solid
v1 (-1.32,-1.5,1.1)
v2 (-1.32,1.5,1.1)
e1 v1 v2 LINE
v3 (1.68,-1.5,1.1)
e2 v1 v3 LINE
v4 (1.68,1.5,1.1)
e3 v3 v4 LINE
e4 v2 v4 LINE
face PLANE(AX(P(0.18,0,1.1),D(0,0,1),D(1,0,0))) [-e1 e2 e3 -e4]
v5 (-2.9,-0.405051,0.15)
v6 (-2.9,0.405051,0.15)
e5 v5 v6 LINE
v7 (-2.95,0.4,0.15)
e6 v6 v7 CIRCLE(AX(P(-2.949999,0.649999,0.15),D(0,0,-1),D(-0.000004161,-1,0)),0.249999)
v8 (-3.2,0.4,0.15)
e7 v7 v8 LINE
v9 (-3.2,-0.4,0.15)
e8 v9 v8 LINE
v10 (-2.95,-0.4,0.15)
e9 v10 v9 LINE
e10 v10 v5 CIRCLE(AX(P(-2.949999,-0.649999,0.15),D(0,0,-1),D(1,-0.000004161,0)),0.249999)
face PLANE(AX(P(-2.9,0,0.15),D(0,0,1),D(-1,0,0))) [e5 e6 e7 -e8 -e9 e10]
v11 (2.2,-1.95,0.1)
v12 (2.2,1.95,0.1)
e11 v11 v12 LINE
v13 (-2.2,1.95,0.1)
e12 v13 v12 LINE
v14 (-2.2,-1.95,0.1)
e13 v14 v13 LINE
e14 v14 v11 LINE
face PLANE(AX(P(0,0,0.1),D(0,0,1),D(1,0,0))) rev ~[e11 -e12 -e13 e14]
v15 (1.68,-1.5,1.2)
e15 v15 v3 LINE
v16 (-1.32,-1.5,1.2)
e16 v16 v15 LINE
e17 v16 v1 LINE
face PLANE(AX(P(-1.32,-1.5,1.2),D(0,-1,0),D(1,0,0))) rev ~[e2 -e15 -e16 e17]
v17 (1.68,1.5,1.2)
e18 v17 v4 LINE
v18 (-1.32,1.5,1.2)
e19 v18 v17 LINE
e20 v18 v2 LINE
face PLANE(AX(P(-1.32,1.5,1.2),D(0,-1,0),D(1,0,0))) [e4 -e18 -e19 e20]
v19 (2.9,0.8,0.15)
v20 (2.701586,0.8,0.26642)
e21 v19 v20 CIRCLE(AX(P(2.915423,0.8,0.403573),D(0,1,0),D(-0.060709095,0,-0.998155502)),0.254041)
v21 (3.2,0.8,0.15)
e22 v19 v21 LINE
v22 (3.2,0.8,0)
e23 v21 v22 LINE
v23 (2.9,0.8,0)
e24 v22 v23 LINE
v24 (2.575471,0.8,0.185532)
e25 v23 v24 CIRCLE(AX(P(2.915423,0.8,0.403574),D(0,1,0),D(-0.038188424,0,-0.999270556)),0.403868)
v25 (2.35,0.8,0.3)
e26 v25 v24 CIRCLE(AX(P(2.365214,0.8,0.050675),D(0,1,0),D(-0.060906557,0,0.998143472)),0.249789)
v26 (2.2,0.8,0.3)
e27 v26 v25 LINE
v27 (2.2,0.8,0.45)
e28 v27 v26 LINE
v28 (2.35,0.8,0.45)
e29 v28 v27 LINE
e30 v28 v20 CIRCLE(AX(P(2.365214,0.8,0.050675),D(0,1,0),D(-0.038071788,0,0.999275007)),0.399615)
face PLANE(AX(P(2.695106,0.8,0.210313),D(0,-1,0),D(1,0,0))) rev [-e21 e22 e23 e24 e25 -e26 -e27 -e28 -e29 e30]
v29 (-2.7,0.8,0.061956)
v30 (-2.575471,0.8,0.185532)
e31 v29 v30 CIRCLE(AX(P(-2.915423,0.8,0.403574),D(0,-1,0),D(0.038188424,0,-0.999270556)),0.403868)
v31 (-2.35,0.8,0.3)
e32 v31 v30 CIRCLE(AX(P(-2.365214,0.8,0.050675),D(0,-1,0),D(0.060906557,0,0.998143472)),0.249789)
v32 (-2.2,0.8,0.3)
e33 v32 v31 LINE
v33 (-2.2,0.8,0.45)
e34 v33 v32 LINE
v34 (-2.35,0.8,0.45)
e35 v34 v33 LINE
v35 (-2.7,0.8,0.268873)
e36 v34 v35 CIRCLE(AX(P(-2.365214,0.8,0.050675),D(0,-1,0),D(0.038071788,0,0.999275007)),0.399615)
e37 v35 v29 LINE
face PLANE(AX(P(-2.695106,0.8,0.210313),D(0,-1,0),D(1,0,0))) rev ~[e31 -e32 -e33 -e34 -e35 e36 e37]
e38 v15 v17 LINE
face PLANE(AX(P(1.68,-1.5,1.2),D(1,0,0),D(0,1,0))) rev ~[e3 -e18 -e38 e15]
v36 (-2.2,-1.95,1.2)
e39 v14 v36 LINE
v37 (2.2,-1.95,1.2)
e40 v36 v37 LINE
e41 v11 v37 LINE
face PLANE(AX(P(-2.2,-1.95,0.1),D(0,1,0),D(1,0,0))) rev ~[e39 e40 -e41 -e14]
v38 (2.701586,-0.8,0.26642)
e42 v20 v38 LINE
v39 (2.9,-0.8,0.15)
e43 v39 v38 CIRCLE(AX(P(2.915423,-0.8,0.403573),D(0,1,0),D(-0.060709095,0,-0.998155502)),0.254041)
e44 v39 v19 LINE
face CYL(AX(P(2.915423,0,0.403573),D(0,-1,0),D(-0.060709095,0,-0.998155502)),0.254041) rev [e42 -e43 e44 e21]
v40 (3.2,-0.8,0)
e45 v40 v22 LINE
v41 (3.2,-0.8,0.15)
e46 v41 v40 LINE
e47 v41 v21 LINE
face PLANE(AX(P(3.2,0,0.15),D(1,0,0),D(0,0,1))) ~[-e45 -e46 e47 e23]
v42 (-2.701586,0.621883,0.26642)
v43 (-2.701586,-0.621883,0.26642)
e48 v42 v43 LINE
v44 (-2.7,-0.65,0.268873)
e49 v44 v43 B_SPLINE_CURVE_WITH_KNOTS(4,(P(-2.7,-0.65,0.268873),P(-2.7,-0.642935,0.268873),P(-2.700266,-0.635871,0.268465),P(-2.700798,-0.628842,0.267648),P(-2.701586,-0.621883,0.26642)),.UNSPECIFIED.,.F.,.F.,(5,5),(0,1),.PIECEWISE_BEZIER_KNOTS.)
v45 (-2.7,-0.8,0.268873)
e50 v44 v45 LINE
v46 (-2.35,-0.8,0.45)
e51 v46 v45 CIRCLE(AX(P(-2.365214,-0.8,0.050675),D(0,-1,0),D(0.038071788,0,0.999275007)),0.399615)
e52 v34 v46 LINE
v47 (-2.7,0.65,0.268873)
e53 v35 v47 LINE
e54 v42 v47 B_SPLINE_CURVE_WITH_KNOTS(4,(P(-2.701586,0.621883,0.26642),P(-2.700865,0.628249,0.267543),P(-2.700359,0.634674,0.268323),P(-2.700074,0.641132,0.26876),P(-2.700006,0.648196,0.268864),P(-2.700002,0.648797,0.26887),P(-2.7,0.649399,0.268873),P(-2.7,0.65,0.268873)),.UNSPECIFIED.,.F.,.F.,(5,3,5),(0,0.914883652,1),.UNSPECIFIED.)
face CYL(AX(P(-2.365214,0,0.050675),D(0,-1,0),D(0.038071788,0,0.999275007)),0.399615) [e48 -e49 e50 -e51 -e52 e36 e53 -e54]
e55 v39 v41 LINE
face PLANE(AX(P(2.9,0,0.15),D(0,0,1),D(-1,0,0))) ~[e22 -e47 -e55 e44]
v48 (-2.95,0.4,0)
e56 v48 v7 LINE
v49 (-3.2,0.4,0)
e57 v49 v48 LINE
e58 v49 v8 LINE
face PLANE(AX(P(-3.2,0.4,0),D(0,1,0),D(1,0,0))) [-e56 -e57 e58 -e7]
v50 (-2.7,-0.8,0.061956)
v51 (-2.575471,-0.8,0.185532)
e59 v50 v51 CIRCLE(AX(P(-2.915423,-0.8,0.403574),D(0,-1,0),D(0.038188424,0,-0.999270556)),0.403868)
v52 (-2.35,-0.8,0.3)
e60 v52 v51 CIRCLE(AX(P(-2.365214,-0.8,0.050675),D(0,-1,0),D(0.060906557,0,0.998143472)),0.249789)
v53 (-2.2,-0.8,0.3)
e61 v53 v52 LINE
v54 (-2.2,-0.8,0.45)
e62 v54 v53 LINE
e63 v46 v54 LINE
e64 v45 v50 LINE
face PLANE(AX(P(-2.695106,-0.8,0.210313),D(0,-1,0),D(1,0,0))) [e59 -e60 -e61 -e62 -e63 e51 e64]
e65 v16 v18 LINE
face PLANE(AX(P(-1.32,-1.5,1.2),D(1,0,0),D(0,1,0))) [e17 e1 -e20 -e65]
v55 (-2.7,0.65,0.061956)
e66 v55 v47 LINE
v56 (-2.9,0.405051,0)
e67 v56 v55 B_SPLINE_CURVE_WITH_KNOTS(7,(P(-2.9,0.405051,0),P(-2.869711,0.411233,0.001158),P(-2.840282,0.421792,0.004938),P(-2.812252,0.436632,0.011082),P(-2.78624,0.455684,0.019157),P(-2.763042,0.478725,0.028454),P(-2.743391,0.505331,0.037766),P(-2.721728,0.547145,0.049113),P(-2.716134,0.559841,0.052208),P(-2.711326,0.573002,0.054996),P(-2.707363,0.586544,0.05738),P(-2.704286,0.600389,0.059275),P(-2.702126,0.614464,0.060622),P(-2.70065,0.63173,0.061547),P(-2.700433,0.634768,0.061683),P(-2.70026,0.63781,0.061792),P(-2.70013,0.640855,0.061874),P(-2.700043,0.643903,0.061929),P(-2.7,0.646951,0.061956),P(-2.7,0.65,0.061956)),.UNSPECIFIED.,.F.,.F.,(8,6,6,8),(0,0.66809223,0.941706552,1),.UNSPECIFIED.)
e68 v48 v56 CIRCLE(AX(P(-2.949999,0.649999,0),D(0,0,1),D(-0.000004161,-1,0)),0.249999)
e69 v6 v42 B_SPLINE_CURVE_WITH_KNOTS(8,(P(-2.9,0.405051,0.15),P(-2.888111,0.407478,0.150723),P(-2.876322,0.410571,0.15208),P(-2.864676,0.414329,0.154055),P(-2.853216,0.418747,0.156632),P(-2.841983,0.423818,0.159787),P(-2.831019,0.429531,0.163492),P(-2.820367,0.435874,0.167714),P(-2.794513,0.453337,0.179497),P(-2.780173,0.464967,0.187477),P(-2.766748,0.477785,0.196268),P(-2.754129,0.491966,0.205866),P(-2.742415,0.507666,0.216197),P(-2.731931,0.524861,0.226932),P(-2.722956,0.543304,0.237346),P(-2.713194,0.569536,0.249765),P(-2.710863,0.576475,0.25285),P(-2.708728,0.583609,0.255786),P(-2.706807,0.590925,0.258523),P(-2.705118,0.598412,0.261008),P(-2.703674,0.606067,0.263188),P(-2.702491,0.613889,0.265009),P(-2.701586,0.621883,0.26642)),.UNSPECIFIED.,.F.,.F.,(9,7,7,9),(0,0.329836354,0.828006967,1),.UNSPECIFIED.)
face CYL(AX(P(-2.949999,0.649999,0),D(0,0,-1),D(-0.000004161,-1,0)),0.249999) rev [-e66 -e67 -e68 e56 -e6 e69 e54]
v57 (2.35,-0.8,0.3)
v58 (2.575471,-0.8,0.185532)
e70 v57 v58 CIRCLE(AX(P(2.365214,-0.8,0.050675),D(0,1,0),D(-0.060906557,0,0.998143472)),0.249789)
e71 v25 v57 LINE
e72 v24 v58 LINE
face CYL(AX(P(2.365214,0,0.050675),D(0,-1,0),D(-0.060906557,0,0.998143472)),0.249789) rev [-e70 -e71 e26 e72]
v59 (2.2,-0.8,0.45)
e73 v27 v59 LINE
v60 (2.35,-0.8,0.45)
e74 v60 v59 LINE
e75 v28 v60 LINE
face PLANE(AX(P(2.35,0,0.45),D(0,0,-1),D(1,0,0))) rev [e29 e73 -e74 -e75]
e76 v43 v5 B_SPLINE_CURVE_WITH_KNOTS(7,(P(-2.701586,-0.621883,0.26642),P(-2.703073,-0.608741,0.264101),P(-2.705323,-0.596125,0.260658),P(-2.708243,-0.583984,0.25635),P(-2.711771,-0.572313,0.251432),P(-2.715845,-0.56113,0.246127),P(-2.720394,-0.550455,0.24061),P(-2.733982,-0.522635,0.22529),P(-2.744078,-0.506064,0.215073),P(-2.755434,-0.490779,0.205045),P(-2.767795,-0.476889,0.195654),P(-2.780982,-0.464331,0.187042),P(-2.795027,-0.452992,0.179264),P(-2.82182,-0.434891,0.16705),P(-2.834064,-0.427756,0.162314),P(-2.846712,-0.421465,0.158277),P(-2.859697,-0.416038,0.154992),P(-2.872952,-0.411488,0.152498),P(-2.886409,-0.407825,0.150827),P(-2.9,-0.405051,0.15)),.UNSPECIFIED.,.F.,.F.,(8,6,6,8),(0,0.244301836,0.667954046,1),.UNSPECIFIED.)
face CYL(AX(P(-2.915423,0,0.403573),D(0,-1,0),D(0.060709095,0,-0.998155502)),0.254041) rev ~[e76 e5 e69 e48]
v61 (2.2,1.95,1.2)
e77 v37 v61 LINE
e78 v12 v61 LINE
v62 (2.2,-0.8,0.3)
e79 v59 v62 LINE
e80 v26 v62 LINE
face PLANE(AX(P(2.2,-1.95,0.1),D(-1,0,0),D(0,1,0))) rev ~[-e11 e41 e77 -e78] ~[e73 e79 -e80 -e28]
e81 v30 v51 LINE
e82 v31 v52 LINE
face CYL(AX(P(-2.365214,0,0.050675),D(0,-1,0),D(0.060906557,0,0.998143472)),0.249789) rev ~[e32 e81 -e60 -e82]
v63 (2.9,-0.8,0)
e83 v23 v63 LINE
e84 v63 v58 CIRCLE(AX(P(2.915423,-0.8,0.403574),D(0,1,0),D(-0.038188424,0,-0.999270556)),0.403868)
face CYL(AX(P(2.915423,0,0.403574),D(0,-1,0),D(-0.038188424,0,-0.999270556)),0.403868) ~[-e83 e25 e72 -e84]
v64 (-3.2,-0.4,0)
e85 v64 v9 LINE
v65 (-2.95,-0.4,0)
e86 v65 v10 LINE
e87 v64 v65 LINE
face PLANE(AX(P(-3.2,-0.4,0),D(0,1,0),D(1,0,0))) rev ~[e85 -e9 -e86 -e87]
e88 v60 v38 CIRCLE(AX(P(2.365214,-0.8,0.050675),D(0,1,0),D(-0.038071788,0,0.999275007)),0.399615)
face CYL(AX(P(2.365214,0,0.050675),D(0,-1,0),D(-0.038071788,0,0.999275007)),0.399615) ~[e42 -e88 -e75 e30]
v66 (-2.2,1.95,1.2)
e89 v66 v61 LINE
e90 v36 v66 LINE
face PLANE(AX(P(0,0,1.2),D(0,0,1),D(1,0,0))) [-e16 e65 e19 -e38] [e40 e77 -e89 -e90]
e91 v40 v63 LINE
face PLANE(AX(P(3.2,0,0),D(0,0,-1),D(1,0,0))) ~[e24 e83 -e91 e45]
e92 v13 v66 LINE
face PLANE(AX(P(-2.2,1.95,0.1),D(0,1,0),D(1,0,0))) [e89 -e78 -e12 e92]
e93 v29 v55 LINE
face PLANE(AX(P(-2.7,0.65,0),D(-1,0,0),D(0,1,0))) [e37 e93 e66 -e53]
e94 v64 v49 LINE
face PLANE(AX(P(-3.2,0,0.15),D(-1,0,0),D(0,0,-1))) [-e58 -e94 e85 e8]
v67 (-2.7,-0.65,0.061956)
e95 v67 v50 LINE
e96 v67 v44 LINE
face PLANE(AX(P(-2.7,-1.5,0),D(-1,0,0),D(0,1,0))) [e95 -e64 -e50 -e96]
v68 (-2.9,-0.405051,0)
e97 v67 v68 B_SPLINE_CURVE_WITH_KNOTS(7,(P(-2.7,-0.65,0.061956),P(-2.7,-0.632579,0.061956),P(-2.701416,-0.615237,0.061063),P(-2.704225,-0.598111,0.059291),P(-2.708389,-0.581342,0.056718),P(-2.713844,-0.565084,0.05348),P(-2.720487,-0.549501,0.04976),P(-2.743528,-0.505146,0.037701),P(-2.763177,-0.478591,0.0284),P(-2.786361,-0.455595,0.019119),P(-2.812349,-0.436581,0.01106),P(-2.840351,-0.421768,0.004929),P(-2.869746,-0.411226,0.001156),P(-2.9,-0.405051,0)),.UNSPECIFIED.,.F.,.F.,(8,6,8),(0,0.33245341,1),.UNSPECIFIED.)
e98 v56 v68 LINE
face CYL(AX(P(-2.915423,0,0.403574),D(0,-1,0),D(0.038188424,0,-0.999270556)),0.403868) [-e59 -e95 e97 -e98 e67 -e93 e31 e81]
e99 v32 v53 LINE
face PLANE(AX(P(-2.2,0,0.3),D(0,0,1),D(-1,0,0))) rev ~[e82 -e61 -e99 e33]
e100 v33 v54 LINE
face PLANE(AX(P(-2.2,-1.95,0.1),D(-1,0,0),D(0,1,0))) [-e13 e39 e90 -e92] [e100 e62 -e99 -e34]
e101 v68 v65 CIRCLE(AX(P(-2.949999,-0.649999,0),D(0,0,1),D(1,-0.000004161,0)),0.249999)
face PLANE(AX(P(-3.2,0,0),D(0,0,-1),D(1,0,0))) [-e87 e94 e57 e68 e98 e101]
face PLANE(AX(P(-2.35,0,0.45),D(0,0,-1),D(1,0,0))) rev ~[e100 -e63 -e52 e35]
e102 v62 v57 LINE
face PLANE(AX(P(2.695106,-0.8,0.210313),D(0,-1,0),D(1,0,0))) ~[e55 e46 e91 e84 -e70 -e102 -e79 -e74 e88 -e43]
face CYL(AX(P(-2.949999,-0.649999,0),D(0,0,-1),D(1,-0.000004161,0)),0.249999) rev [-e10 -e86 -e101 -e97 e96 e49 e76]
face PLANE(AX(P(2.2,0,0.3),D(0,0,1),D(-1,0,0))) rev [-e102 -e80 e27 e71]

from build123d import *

# Parameters (mm, degrees)
PAD_START       = 0.1
SKETCH_W        = 4.4
SKETCH_H        = 3.9
PAD_DEPTH       = 1.1
PAD001_DEPTH    = 0.8
POCKET_DEPTH    = 1.201
SKETCH003_W     = 3
SKETCH003_H     = 3
POCKET001_DEPTH = 0.1


with BuildPart() as part:
    # Sketch → Pad (new body)
    with BuildSketch(Plane.XY.offset(PAD_START)):
        Rectangle(SKETCH_W, SKETCH_H)
    extrude(amount=PAD_DEPTH)

    # Sketch001 → Pad001 (join, symmetric)
    with BuildSketch(Plane.XZ):
        with BuildLine():
            Line((-3.2, 0), (-2.9, 0))
            ThreePointArc((-2.9, 0), (-2.714978, 0.052958), (-2.575471, 0.185532))
            ThreePointArc((-2.35, 0.3), (-2.47829, 0.273404), (-2.575471, 0.185532))
            Line((-2.2, 0.3), (-2.35, 0.3))
            Line((-2.2, 0.45), (-2.2, 0.3))
            Line((-2.35, 0.45), (-2.2, 0.45))
            ThreePointArc((-2.35, 0.45), (-2.550176, 0.404908), (-2.701586, 0.26642))
            ThreePointArc((-2.9, 0.15), (-2.78686, 0.184464), (-2.701586, 0.26642))
            Line((-2.9, 0.15), (-3.2, 0.15))
            Line((-3.2, 0.15), (-3.2, 0))
        make_face()
    pad001 = extrude(amount=PAD001_DEPTH, both=True)

    # Mirrored: Pad001 across Sketch001 V_Axis
    add(pad001.mirror(Plane(origin=(0, 0, 0), x_dir=(0, -1, 0), z_dir=(1, 0, 0))))

    # Sketch002 → Pocket (cut, through all)
    with BuildSketch(Plane.XY):
        with BuildLine():
            Line((-5.2, 1.5), (-3.2, 1.5))
            Line((-3.2, 1.5), (-2.7, 1.5))
            Line((-2.7, 0.65), (-2.7, 1.5))
            ThreePointArc((-2.95, 0.4), (-2.773223, 0.473223), (-2.7, 0.65))
            Line((-3.2, 0.4), (-2.95, 0.4))
            Line((-3.2, -0.4), (-3.2, 0.4))
            Line((-3.2, -0.4), (-2.95, -0.4))
            ThreePointArc((-2.7, -0.65), (-2.773223, -0.473223), (-2.95, -0.4))
            Line((-2.7, -1.5), (-2.7, -0.65))
            Line((-2.7, -1.5), (-3.2, -1.5))
            Line((-3.2, -1.5), (-5.2, -1.5))
            Line((-5.2, -1.5), (-5.2, 1.5))
        make_face()
    extrude(amount=POCKET_DEPTH, mode=Mode.SUBTRACT)

    # Sketch003 (on Face5 of Pocket) → Pocket001 (cut)
    with BuildSketch(Plane.XY.offset(1.2)):
        with Locations((0.18, 0)):
            Rectangle(SKETCH003_W, SKETCH003_H)
    extrude(amount=-POCKET001_DEPTH, mode=Mode.SUBTRACT)


solid = part.part
